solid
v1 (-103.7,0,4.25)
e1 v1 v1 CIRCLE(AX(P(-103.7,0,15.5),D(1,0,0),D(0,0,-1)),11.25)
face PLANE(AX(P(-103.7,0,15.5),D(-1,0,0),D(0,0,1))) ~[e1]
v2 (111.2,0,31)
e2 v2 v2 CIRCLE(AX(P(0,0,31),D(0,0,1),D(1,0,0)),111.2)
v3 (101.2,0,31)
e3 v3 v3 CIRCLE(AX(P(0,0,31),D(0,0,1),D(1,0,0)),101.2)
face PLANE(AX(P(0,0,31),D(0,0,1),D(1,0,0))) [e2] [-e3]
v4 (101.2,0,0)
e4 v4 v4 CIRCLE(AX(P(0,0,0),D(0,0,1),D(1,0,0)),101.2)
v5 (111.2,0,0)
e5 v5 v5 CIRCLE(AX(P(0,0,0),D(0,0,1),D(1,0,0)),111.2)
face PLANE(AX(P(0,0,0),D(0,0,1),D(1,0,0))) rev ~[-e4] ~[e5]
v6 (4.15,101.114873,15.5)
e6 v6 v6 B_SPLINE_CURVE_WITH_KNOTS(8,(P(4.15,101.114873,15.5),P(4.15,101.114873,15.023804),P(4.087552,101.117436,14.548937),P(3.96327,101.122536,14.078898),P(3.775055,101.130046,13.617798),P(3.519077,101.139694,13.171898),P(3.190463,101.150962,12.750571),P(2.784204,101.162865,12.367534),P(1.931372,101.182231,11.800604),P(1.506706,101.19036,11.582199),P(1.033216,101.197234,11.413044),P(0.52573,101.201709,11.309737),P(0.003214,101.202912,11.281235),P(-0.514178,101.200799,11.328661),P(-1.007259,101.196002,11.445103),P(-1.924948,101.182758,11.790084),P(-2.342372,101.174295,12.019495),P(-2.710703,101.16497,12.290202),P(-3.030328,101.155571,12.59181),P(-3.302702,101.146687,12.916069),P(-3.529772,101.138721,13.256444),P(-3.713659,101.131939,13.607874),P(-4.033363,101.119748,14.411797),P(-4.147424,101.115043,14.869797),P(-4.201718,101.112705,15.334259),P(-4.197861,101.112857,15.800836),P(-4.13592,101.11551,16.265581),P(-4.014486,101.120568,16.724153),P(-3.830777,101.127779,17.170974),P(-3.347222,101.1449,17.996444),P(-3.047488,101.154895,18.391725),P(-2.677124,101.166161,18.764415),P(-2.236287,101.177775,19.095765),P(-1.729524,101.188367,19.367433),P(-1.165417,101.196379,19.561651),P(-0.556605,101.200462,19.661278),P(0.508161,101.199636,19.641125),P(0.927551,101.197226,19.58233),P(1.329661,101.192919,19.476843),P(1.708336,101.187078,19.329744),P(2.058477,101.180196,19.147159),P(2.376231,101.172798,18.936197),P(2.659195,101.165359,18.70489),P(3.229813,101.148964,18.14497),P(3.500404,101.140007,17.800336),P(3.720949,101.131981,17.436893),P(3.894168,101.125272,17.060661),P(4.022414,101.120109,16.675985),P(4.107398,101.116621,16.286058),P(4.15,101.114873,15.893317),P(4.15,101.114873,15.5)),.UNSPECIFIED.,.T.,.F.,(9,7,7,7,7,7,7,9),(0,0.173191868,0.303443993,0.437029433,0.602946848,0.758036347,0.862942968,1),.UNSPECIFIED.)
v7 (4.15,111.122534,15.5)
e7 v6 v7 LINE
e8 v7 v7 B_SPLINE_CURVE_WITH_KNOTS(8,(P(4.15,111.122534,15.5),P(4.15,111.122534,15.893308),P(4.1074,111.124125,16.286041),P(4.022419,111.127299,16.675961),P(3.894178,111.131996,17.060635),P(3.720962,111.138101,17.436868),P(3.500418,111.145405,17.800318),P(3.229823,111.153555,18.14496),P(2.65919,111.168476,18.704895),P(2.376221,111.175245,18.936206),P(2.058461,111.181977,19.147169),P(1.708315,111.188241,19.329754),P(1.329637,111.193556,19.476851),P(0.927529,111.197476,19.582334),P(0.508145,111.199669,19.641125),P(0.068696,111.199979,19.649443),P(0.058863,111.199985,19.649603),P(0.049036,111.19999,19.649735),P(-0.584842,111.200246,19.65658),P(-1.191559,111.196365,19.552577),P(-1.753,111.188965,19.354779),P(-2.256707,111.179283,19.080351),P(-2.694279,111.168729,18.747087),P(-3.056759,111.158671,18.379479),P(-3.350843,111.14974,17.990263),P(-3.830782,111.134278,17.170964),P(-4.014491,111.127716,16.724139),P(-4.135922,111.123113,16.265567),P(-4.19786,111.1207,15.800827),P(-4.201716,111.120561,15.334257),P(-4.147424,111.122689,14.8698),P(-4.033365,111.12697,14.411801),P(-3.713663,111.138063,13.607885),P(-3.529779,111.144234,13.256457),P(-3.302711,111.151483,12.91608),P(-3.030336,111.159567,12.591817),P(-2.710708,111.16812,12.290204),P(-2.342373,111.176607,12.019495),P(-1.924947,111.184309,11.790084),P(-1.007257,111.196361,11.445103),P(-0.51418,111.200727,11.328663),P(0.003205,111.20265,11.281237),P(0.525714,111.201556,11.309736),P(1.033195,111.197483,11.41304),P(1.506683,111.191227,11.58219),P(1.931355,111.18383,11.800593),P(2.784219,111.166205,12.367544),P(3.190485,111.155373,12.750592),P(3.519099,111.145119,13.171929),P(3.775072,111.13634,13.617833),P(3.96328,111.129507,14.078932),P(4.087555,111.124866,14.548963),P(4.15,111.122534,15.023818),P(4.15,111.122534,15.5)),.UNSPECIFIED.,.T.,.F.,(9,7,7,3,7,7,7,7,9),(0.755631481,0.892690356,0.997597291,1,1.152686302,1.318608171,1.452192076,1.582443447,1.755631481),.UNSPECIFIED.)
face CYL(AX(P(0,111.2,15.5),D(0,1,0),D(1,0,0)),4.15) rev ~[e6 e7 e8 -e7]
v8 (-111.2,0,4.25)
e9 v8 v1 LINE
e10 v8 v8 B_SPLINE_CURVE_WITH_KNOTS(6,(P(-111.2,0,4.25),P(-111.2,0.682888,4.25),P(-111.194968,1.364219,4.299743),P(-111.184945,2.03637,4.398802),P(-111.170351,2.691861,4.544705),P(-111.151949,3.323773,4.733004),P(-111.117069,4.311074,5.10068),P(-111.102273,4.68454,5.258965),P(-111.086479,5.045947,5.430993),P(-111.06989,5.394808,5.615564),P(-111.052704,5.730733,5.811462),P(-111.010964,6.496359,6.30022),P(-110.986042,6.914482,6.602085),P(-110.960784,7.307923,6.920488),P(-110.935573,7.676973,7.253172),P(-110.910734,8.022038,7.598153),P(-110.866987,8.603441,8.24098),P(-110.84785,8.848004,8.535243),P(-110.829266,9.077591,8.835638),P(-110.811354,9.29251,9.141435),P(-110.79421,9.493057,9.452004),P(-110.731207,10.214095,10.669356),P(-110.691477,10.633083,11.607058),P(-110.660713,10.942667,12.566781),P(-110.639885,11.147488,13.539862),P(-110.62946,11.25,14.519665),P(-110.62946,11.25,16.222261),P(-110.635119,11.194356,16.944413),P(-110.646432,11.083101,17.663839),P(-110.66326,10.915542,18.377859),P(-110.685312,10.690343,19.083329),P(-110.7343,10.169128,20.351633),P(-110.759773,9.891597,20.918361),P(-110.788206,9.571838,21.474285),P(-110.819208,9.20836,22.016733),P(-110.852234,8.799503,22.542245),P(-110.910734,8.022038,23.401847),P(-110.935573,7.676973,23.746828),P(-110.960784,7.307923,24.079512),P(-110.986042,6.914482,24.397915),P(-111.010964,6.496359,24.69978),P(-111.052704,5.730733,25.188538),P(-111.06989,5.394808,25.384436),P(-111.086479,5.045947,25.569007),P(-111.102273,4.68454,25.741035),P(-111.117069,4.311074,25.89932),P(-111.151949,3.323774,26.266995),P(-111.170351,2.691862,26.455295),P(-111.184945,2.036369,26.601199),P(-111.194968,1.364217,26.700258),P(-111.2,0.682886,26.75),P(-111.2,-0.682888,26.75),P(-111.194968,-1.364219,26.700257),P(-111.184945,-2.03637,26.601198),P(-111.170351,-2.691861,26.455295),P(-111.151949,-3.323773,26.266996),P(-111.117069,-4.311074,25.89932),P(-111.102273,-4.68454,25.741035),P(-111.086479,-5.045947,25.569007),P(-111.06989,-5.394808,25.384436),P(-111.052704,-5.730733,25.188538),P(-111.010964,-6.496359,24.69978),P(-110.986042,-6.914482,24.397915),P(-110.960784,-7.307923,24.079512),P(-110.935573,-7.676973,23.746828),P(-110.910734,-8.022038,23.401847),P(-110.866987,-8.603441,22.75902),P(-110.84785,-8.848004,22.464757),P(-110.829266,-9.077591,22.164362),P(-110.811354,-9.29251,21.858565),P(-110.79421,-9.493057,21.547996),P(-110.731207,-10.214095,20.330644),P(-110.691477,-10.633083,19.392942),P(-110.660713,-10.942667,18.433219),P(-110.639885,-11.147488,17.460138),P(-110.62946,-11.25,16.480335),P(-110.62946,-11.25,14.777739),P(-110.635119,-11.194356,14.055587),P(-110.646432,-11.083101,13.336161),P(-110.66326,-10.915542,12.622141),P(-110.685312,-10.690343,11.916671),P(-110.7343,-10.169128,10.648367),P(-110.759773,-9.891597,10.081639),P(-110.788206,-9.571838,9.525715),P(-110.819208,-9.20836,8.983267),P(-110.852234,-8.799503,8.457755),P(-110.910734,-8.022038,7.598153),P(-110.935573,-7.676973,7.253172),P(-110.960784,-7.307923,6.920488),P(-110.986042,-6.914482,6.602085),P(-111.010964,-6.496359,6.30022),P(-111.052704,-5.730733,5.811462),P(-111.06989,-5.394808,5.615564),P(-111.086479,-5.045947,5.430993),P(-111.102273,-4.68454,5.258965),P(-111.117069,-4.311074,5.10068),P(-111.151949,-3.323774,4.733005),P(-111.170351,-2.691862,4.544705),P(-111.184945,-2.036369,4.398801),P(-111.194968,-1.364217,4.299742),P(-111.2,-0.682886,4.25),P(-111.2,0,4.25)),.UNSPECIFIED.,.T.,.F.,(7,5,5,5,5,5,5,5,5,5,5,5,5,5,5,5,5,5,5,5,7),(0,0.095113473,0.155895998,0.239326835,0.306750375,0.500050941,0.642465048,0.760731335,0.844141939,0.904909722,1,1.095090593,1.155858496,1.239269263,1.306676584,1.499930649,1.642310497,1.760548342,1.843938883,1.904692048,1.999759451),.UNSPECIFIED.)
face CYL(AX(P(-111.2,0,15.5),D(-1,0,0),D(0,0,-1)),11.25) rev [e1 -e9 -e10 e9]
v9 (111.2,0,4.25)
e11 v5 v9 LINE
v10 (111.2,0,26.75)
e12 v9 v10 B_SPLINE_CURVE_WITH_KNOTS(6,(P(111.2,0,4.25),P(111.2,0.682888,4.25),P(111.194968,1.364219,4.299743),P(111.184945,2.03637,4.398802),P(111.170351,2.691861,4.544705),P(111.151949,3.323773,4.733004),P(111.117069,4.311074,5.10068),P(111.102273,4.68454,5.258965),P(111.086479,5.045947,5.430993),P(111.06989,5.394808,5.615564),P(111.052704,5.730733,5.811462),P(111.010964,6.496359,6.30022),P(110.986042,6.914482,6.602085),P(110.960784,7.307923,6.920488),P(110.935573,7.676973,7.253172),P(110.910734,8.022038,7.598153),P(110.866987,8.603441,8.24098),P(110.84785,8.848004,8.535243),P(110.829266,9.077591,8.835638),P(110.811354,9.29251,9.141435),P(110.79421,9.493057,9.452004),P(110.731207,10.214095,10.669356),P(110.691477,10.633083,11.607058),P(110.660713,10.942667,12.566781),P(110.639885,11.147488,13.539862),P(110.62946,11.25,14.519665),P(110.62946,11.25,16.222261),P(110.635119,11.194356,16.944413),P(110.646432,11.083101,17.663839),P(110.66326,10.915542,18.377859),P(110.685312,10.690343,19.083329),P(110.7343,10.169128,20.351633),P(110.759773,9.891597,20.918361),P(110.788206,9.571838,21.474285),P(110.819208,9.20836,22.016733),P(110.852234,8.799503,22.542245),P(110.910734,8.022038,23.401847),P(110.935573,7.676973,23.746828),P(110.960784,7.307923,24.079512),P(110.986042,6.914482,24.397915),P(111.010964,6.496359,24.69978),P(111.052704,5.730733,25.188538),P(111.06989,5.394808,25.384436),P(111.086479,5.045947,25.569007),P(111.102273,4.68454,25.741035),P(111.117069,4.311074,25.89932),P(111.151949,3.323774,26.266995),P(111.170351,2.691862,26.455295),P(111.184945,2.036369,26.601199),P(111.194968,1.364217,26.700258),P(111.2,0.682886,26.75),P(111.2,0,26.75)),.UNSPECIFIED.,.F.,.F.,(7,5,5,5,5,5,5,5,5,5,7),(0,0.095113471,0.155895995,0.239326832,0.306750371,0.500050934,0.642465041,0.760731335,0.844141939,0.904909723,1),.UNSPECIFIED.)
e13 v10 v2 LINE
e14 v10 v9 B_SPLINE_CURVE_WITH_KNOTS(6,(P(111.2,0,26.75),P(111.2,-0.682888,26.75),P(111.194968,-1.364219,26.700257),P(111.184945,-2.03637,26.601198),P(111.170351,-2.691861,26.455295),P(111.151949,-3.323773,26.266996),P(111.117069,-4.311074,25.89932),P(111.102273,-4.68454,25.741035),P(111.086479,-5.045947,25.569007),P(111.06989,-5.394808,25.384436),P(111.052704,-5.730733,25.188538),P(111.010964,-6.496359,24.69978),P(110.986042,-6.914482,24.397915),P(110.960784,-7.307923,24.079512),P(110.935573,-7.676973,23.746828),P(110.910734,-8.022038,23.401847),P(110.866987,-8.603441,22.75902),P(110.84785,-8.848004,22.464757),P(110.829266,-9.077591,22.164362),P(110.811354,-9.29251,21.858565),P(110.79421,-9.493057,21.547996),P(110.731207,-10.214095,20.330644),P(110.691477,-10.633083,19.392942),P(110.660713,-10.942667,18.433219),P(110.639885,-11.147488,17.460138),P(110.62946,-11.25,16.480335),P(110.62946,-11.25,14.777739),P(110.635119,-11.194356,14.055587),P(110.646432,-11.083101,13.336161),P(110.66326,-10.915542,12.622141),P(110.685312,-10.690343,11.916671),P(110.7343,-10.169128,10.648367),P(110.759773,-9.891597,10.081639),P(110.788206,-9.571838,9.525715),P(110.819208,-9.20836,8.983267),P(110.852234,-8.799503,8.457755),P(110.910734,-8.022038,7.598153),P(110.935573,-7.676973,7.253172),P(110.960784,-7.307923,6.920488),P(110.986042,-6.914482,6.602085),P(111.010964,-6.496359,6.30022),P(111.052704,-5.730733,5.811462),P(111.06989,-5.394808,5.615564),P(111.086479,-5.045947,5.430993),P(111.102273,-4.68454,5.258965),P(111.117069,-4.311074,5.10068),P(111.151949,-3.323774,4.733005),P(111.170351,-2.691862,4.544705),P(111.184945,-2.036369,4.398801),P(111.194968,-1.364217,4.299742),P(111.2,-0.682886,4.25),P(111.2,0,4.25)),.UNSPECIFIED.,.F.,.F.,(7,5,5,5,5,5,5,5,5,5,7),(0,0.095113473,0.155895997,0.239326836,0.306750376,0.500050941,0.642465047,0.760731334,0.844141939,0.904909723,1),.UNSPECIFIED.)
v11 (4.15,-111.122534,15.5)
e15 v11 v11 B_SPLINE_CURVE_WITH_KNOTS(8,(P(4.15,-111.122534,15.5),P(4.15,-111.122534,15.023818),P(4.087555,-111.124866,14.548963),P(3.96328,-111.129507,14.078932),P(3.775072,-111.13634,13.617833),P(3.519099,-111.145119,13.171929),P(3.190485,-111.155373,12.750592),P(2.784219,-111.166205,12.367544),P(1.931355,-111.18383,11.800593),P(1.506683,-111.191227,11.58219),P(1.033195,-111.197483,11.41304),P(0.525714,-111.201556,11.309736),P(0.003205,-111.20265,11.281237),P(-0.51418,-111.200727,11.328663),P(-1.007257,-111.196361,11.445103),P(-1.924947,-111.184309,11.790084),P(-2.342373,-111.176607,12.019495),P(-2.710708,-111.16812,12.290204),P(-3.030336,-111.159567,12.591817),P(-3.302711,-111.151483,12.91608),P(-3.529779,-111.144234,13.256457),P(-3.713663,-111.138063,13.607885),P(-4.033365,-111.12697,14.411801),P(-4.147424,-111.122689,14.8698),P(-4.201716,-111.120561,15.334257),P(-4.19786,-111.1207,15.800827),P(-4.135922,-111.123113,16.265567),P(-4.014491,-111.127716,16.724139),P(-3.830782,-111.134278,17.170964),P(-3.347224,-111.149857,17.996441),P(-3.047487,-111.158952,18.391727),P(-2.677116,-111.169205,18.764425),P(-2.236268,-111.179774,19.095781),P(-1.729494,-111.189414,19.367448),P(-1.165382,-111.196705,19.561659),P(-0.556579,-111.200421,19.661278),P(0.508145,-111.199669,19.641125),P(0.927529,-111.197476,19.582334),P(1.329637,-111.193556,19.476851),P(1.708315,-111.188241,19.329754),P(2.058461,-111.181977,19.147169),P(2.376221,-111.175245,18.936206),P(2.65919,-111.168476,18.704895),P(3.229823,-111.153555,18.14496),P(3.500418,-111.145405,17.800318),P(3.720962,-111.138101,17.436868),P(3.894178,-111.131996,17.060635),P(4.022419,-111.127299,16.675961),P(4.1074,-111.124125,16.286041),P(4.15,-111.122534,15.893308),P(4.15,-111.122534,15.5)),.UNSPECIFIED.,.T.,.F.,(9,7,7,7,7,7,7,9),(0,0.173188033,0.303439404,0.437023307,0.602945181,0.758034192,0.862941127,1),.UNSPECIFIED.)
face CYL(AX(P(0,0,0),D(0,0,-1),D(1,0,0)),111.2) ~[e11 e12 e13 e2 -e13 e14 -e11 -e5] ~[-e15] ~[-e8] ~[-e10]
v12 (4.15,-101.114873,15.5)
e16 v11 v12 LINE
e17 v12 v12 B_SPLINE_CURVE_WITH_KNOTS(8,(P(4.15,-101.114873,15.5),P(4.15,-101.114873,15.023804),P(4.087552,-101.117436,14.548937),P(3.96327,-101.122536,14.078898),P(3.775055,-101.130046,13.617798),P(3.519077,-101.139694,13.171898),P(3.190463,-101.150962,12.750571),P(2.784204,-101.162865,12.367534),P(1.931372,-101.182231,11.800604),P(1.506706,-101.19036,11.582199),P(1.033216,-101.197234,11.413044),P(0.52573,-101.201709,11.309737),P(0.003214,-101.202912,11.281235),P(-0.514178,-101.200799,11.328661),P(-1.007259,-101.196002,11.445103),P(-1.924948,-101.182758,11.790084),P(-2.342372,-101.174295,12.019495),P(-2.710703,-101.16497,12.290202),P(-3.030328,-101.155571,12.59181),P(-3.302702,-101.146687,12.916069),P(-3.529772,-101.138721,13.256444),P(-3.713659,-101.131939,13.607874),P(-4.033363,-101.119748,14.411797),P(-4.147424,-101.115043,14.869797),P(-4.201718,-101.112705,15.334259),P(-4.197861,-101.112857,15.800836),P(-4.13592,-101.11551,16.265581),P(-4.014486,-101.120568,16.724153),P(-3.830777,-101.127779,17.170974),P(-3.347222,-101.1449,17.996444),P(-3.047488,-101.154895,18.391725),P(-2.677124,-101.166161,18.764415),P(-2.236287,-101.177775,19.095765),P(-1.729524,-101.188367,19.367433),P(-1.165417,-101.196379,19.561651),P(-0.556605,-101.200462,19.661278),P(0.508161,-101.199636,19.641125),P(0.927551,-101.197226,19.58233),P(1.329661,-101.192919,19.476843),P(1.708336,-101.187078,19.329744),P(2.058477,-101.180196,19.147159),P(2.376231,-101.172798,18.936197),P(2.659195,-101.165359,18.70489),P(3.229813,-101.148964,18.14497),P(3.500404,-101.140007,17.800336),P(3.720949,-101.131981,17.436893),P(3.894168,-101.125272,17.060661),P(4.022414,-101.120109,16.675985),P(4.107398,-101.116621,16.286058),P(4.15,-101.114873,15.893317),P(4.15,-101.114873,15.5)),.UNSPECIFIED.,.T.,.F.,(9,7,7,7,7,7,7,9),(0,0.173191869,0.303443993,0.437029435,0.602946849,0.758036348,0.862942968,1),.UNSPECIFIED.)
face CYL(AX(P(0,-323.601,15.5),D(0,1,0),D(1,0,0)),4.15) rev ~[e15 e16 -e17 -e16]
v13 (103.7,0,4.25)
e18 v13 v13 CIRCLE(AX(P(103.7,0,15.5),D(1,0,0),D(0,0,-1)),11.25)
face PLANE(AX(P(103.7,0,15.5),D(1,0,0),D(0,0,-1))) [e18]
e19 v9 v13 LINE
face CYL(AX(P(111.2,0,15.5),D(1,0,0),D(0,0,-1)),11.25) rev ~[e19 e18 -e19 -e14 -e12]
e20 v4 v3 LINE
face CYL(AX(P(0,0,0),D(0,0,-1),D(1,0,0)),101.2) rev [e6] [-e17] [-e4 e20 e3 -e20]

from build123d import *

# Parameters (mm, degrees)
ESBO_O2_R                                    = 111.2
ESBO_O2_R_2                                  = 101.2
RESSALTO_EXTRUS_O1_DEPTH                     = 31
FURO_ROSCADO_PARA_CONDU_TE_DE_M8X1_251_REACH = 251.133
FURO_ROSCADO_PARA_CONDU_TE_DE_M8X1_251_B_R   = 4.15
FURO_ROSCADO_PARA_CONDU_TE_DE_M8X1_252_D     = 8.3
FURO_ROSCADO_PARA_CONDU_TE_DE_M8X1_252_DEPTH = 212.401
ESBO_O12_R                                   = 11.25
CORTE_EXTRUS_O1_DEPTH                        = 7.5


with BuildPart() as part:
    # Esboço2 → Ressalto-extrusão1 (new body)
    with BuildSketch(Plane.XY):
        Circle(ESBO_O2_R)
        Circle(ESBO_O2_R_2, mode=Mode.SUBTRACT)
    extrude(amount=RESSALTO_EXTRUS_O1_DEPTH)

    # Furo roscado para conduíte de M8x1.251 b (on position points) → Furo roscado para conduíte de M8x1.251 (cut, up to next)
    with BuildSketch(Plane(origin=(0, 111.2, 15.5), x_dir=(1, 0, 0), z_dir=(0, 1, 0)), mode=Mode.PRIVATE) as furo_roscado_para_condu_te_de_m8x1_251_sk1:
        Circle(FURO_ROSCADO_PARA_CONDU_TE_DE_M8X1_251_B_R)
    furo_roscado_para_condu_te_de_m8x1_251_tool1 = extrude(furo_roscado_para_condu_te_de_m8x1_251_sk1.sketch, amount=-FURO_ROSCADO_PARA_CONDU_TE_DE_M8X1_251_REACH, mode=Mode.PRIVATE) & part.part
    add(furo_roscado_para_condu_te_de_m8x1_251_tool1.solids().sort_by_distance((0, 111.2, 15.5))[0], mode=Mode.SUBTRACT)

    # Furo roscado para conduíte de M8x1.252
    with Locations(Plane(origin=(0, -111.2, 15.5), x_dir=(-1, 0, 0), z_dir=(0, -1, 0))):
        with Locations((0, 0)):
            Hole(FURO_ROSCADO_PARA_CONDU_TE_DE_M8X1_252_D / 2, depth=FURO_ROSCADO_PARA_CONDU_TE_DE_M8X1_252_DEPTH)

    # Esboço12 → Corte-extrusão1 (cut)
    with BuildSketch(Plane(origin=(111.2, 0, 0), x_dir=(0, 0, -1), z_dir=(1, 0, 0))):
        with Locations((-15.5, 0)):
            Circle(ESBO_O12_R)
    corte_extrus_o1 = extrude(amount=-CORTE_EXTRUS_O1_DEPTH, mode=Mode.SUBTRACT)

    # Espelhar1: Corte-extrusão1 across plane
    add(corte_extrus_o1.mirror(Plane(origin=(0, 0, 0), x_dir=(0, 0, 1), z_dir=(1, 0, 0))), mode=Mode.SUBTRACT)


solid = part.part
